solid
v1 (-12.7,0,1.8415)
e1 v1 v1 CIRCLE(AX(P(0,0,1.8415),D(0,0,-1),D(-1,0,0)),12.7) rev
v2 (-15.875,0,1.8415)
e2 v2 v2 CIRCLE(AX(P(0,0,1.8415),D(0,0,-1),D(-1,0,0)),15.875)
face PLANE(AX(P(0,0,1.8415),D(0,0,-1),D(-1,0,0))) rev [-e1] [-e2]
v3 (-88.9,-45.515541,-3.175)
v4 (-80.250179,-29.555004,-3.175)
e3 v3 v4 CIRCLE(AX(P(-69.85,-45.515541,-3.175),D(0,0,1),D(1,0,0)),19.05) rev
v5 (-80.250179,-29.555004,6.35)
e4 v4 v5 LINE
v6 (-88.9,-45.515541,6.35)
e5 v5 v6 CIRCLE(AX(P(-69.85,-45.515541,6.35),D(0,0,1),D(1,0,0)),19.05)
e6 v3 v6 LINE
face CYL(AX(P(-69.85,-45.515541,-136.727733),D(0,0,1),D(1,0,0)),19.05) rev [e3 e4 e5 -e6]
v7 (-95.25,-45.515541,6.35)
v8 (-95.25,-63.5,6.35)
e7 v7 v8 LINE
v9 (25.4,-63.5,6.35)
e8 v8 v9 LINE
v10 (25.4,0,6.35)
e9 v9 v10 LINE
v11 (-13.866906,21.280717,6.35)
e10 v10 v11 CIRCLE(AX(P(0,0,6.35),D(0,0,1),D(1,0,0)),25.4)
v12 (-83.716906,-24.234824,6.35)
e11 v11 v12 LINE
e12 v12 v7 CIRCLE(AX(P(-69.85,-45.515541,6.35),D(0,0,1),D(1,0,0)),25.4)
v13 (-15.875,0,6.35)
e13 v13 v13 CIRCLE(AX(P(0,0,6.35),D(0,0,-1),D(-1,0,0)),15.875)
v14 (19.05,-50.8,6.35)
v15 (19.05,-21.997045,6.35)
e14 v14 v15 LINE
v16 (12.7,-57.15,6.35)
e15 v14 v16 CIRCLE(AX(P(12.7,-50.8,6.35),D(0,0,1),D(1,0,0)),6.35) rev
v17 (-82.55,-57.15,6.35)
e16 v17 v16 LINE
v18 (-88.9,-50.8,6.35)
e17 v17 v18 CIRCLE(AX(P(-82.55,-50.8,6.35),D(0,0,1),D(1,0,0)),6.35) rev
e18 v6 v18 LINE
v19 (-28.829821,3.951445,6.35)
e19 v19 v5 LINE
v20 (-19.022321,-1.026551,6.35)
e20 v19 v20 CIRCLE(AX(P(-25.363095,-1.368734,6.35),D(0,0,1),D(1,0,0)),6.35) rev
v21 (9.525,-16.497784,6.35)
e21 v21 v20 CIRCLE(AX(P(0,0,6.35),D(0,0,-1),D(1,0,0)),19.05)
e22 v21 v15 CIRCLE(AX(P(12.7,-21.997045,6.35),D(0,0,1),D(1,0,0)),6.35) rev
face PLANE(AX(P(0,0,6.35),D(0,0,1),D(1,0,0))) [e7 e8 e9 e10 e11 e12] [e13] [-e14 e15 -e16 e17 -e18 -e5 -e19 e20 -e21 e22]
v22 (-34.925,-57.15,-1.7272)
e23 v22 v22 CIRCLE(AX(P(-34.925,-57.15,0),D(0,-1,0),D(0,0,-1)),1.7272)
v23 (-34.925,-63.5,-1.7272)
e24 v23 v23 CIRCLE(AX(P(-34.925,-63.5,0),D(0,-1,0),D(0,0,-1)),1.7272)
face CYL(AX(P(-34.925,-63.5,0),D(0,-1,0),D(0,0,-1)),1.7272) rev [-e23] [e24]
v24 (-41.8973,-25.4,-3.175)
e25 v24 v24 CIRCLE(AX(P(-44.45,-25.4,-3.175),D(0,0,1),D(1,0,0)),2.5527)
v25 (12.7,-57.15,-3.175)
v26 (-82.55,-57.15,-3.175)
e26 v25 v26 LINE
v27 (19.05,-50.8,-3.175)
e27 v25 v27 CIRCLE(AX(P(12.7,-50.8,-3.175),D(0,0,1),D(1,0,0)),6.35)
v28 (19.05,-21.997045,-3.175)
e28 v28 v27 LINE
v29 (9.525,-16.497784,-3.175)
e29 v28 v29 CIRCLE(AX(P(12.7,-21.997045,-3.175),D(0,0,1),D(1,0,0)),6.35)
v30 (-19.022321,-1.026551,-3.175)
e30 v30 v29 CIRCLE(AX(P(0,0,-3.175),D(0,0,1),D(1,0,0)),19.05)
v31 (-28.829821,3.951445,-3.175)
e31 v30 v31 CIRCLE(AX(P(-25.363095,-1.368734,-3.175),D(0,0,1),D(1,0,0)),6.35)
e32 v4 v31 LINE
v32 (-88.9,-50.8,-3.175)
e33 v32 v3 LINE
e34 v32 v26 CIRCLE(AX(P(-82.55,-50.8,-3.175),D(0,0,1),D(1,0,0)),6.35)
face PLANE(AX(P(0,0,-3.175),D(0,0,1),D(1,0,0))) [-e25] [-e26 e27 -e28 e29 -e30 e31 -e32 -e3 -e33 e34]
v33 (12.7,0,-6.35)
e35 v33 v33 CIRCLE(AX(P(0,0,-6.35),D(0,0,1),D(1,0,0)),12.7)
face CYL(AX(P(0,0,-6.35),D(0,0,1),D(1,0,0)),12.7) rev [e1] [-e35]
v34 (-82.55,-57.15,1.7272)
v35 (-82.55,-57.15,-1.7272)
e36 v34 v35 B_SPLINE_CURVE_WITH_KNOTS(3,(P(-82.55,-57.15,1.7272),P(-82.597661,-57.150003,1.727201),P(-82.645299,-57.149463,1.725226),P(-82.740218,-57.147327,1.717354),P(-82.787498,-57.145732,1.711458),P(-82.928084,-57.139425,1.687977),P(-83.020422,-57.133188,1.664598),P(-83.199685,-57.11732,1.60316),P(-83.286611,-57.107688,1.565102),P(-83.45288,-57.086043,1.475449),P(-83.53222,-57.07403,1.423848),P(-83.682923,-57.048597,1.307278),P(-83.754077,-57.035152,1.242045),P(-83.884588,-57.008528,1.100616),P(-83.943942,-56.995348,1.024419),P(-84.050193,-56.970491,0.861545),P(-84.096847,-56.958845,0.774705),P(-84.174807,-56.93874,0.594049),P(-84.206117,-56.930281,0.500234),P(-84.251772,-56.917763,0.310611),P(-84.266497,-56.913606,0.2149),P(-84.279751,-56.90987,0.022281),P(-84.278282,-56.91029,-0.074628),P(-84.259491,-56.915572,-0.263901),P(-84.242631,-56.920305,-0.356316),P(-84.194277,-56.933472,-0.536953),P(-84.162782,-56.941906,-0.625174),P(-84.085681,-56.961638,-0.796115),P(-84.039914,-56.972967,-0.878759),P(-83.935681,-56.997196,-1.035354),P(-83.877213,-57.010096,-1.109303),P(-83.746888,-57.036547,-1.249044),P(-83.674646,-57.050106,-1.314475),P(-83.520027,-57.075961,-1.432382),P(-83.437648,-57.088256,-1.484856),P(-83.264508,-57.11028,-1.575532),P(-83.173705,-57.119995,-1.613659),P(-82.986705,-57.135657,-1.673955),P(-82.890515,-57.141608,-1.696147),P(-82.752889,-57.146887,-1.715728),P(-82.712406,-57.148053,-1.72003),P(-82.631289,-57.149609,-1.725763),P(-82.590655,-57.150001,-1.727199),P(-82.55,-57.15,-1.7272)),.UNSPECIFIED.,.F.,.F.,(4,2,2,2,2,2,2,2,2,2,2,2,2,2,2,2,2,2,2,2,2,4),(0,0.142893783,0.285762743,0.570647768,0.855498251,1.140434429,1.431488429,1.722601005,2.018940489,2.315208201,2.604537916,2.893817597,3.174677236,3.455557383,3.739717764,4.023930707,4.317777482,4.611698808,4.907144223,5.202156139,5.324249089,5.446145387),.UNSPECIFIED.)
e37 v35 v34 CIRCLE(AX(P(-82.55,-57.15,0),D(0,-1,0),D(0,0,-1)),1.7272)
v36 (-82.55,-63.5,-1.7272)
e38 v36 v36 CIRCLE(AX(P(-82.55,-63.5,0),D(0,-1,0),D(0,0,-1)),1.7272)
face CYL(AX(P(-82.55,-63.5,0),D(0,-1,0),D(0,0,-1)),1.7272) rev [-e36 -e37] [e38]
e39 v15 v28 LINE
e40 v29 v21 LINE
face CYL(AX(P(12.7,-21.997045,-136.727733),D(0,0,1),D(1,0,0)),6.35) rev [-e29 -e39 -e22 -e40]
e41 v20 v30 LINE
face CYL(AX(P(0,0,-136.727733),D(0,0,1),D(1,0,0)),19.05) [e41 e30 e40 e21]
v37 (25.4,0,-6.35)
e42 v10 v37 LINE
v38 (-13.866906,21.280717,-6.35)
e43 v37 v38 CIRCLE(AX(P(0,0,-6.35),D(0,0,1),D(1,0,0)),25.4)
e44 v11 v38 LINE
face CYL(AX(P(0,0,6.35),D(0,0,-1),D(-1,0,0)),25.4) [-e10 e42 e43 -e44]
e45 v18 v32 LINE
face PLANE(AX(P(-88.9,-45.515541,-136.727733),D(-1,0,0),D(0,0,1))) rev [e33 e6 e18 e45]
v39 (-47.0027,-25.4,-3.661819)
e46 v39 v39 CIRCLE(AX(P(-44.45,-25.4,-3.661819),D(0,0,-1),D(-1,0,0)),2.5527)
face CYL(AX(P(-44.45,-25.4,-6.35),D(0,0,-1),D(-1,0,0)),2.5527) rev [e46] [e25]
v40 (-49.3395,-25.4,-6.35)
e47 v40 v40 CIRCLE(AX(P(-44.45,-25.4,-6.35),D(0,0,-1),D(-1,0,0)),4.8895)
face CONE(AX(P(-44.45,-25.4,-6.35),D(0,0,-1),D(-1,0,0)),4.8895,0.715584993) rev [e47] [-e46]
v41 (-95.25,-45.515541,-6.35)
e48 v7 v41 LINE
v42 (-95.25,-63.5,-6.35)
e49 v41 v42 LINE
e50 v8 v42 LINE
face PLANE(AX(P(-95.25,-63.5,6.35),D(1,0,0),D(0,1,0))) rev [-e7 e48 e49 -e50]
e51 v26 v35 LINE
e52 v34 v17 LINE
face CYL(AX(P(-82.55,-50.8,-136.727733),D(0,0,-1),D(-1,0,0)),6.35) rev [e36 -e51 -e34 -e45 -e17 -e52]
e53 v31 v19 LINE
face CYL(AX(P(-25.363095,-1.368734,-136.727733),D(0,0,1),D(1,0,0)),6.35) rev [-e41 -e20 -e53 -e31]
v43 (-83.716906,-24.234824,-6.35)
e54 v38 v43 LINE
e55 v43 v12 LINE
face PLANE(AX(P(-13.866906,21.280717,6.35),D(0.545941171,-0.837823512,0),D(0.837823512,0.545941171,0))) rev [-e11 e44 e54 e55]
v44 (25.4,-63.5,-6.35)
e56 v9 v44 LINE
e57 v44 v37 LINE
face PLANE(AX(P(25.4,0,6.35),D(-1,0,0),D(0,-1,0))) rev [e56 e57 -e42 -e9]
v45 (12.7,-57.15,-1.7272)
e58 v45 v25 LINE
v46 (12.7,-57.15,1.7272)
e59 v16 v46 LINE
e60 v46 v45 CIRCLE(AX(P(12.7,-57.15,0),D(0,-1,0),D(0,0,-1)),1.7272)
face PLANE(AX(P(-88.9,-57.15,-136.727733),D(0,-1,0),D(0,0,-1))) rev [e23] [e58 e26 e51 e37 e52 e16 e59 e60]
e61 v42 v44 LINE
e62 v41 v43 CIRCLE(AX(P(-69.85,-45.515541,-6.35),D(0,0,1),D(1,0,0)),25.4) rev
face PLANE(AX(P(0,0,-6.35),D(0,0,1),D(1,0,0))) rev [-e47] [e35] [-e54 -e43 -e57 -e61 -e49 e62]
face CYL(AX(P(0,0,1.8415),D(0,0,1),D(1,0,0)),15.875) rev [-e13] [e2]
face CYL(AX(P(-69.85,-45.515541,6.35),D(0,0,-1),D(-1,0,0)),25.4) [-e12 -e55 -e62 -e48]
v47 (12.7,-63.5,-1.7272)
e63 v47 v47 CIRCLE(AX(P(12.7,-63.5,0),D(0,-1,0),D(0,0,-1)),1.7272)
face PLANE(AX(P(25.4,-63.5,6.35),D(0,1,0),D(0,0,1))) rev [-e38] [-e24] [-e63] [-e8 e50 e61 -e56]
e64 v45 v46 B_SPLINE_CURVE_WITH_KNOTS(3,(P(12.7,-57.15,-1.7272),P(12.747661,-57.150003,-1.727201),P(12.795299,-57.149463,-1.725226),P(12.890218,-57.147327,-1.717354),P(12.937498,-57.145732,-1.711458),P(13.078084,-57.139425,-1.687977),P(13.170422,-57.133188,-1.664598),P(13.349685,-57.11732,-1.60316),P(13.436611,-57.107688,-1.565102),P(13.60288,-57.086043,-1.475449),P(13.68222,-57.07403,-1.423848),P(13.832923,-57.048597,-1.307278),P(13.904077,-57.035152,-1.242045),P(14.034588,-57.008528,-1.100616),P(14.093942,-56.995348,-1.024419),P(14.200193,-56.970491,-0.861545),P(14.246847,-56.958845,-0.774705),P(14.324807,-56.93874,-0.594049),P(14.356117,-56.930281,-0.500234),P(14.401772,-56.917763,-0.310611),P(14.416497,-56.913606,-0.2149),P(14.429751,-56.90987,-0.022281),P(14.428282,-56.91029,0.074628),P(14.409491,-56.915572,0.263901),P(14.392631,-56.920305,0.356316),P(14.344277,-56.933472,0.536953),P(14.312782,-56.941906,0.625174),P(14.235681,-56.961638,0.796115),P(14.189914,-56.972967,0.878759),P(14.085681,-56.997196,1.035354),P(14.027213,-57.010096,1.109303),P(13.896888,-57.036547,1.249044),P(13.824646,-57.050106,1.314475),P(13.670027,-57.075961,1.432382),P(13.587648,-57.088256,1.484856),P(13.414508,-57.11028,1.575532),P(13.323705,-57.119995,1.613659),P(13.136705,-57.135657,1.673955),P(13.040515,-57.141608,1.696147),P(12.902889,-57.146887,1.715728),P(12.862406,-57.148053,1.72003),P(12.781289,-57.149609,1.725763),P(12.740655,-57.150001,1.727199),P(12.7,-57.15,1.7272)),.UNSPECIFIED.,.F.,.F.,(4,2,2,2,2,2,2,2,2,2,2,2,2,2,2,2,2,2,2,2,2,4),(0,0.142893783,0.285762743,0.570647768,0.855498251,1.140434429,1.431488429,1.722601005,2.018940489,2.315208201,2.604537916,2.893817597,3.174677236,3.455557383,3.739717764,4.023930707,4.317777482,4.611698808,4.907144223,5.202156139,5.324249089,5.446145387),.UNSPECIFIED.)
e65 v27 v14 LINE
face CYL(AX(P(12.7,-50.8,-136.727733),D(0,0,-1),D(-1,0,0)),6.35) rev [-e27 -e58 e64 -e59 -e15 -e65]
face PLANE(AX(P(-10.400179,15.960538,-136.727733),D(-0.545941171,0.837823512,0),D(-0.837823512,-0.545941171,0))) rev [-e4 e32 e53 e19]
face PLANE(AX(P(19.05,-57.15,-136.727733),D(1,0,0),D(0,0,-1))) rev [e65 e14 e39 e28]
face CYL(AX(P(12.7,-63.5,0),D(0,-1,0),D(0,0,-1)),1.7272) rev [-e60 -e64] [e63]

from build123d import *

# Parameters (mm, degrees)
BOSS_EXTRUDE1_DEPTH                             = 6.35
SKETCH4_R                                       = 12.7
CUT_EXTRUDE3_DEPTH                              = 116.178567885
SKETCH5_R                                       = 15.875
CUT_EXTRUDE4_DEPTH                              = 4.5085
FILLET1_R                                       = 25.4
CUT_EXTRUDE5_DEPTH                              = 9.525
FILLET2_R                                       = 6.35
F_8_32_TAPPED_HOLE1_D                           = 3.4544
F_8_32_TAPPED_HOLE1_DEPTH                       = 10.668
F_8_32_TAPPED_HOLE1_TIP                         = 1.037806461
CSK_FOR_10_FLAT_HEAD_MACHINE_SCREW1_D           = 5.1054
CSK_FOR_10_FLAT_HEAD_MACHINE_SCREW1_CSINK_D     = 9.779
CSK_FOR_10_FLAT_HEAD_MACHINE_SCREW1_CSINK_ANGLE = 82


with BuildPart() as part:
    # Sketch1 → Boss-Extrude1 (new, symmetric)
    with BuildSketch(Plane.XY):
        with BuildLine():
            Line((25.4, 0), (25.4, -63.5))
            Line((25.4, -63.5), (-95.25, -63.5))
            Line((-95.25, -63.5), (-95.25, -31.75))
            Line((-95.25, -31.75), (-13.866905739, 21.280717216))
            ThreePointArc((-13.866905739, 21.280717216), (12.10249136, 22.33136142), (25.4, 0))
        make_face()
    extrude(amount=BOSS_EXTRUDE1_DEPTH, both=True)

    # Sketch4 → Cut-Extrude3 (cut, through all)
    with BuildSketch(Plane.XY.offset(6.35)):
        Circle(SKETCH4_R)
    extrude(amount=-CUT_EXTRUDE3_DEPTH, mode=Mode.SUBTRACT)

    # Sketch5 → Cut-Extrude4 (cut)
    with BuildSketch(Plane(origin=(0, 0, 6.35), x_dir=(-1, 0, 0), z_dir=(0, 0, -1))):
        Circle(SKETCH5_R)
    extrude(amount=CUT_EXTRUDE4_DEPTH, mode=Mode.SUBTRACT)

    # Fillet1
    fillet1_edges = [part.edges().sort_by_distance(p)[0] for p in [
        (-95.25, -31.75, 0),
    ]]
    fillet(fillet1_edges, radius=FILLET1_R)

    # Sketch9 → Cut-Extrude5 (cut)
    with BuildSketch(Plane.XY.offset(6.35)):
        with BuildLine():
            Line((-10.400179304, 15.960537912), (-80.250179304, -29.555003506))
            ThreePointArc((-80.250179304, -29.555003506), (-86.598521065, -36.438672898), (-88.9, -45.515541418))
            Line((-88.9, -45.515541418), (-88.9, -57.15))
            Line((-88.9, -57.15), (19.05, -57.15))
            Line((19.05, -57.15), (19.05, 0))
            ThreePointArc((19.05, 0), (-9.07686852, -16.748521065), (-10.400179304, 15.960537912))
        make_face()
    extrude(amount=-CUT_EXTRUDE5_DEPTH, mode=Mode.SUBTRACT)

    # Fillet2
    fillet2_edges = [part.edges().sort_by_distance(p)[0] for p in [
        (-10.400179304, 15.960537912, 1.5875),
        (19.05, 0, 1.5875),
        (19.05, -57.15, 1.5875),
        (-88.9, -57.15, 1.5875),
    ]]
    fillet(fillet2_edges, radius=FILLET2_R)

    # #8-32 Tapped Hole1
    with Locations(Plane.XZ.offset(63.5)):
        with Locations((-82.55, 0), (-34.925, 0), (12.7, 0)):
            Hole(F_8_32_TAPPED_HOLE1_D / 2, depth=F_8_32_TAPPED_HOLE1_DEPTH)
            with Locations((0, 0, -(F_8_32_TAPPED_HOLE1_DEPTH + F_8_32_TAPPED_HOLE1_TIP / 2))):  # 118° drill point
                Cone(0, F_8_32_TAPPED_HOLE1_D / 2, F_8_32_TAPPED_HOLE1_TIP, mode=Mode.SUBTRACT)

    # CSK for #10 Flat Head Machine Screw1 (through all)
    with Locations(Plane(origin=(0, 0, -6.35), x_dir=(-1, 0, 0), z_dir=(0, 0, -1))):
        with Locations((44.45, -25.4)):
            CounterSinkHole(CSK_FOR_10_FLAT_HEAD_MACHINE_SCREW1_D / 2, CSK_FOR_10_FLAT_HEAD_MACHINE_SCREW1_CSINK_D / 2, counter_sink_angle=CSK_FOR_10_FLAT_HEAD_MACHINE_SCREW1_CSINK_ANGLE)


solid = part.part
